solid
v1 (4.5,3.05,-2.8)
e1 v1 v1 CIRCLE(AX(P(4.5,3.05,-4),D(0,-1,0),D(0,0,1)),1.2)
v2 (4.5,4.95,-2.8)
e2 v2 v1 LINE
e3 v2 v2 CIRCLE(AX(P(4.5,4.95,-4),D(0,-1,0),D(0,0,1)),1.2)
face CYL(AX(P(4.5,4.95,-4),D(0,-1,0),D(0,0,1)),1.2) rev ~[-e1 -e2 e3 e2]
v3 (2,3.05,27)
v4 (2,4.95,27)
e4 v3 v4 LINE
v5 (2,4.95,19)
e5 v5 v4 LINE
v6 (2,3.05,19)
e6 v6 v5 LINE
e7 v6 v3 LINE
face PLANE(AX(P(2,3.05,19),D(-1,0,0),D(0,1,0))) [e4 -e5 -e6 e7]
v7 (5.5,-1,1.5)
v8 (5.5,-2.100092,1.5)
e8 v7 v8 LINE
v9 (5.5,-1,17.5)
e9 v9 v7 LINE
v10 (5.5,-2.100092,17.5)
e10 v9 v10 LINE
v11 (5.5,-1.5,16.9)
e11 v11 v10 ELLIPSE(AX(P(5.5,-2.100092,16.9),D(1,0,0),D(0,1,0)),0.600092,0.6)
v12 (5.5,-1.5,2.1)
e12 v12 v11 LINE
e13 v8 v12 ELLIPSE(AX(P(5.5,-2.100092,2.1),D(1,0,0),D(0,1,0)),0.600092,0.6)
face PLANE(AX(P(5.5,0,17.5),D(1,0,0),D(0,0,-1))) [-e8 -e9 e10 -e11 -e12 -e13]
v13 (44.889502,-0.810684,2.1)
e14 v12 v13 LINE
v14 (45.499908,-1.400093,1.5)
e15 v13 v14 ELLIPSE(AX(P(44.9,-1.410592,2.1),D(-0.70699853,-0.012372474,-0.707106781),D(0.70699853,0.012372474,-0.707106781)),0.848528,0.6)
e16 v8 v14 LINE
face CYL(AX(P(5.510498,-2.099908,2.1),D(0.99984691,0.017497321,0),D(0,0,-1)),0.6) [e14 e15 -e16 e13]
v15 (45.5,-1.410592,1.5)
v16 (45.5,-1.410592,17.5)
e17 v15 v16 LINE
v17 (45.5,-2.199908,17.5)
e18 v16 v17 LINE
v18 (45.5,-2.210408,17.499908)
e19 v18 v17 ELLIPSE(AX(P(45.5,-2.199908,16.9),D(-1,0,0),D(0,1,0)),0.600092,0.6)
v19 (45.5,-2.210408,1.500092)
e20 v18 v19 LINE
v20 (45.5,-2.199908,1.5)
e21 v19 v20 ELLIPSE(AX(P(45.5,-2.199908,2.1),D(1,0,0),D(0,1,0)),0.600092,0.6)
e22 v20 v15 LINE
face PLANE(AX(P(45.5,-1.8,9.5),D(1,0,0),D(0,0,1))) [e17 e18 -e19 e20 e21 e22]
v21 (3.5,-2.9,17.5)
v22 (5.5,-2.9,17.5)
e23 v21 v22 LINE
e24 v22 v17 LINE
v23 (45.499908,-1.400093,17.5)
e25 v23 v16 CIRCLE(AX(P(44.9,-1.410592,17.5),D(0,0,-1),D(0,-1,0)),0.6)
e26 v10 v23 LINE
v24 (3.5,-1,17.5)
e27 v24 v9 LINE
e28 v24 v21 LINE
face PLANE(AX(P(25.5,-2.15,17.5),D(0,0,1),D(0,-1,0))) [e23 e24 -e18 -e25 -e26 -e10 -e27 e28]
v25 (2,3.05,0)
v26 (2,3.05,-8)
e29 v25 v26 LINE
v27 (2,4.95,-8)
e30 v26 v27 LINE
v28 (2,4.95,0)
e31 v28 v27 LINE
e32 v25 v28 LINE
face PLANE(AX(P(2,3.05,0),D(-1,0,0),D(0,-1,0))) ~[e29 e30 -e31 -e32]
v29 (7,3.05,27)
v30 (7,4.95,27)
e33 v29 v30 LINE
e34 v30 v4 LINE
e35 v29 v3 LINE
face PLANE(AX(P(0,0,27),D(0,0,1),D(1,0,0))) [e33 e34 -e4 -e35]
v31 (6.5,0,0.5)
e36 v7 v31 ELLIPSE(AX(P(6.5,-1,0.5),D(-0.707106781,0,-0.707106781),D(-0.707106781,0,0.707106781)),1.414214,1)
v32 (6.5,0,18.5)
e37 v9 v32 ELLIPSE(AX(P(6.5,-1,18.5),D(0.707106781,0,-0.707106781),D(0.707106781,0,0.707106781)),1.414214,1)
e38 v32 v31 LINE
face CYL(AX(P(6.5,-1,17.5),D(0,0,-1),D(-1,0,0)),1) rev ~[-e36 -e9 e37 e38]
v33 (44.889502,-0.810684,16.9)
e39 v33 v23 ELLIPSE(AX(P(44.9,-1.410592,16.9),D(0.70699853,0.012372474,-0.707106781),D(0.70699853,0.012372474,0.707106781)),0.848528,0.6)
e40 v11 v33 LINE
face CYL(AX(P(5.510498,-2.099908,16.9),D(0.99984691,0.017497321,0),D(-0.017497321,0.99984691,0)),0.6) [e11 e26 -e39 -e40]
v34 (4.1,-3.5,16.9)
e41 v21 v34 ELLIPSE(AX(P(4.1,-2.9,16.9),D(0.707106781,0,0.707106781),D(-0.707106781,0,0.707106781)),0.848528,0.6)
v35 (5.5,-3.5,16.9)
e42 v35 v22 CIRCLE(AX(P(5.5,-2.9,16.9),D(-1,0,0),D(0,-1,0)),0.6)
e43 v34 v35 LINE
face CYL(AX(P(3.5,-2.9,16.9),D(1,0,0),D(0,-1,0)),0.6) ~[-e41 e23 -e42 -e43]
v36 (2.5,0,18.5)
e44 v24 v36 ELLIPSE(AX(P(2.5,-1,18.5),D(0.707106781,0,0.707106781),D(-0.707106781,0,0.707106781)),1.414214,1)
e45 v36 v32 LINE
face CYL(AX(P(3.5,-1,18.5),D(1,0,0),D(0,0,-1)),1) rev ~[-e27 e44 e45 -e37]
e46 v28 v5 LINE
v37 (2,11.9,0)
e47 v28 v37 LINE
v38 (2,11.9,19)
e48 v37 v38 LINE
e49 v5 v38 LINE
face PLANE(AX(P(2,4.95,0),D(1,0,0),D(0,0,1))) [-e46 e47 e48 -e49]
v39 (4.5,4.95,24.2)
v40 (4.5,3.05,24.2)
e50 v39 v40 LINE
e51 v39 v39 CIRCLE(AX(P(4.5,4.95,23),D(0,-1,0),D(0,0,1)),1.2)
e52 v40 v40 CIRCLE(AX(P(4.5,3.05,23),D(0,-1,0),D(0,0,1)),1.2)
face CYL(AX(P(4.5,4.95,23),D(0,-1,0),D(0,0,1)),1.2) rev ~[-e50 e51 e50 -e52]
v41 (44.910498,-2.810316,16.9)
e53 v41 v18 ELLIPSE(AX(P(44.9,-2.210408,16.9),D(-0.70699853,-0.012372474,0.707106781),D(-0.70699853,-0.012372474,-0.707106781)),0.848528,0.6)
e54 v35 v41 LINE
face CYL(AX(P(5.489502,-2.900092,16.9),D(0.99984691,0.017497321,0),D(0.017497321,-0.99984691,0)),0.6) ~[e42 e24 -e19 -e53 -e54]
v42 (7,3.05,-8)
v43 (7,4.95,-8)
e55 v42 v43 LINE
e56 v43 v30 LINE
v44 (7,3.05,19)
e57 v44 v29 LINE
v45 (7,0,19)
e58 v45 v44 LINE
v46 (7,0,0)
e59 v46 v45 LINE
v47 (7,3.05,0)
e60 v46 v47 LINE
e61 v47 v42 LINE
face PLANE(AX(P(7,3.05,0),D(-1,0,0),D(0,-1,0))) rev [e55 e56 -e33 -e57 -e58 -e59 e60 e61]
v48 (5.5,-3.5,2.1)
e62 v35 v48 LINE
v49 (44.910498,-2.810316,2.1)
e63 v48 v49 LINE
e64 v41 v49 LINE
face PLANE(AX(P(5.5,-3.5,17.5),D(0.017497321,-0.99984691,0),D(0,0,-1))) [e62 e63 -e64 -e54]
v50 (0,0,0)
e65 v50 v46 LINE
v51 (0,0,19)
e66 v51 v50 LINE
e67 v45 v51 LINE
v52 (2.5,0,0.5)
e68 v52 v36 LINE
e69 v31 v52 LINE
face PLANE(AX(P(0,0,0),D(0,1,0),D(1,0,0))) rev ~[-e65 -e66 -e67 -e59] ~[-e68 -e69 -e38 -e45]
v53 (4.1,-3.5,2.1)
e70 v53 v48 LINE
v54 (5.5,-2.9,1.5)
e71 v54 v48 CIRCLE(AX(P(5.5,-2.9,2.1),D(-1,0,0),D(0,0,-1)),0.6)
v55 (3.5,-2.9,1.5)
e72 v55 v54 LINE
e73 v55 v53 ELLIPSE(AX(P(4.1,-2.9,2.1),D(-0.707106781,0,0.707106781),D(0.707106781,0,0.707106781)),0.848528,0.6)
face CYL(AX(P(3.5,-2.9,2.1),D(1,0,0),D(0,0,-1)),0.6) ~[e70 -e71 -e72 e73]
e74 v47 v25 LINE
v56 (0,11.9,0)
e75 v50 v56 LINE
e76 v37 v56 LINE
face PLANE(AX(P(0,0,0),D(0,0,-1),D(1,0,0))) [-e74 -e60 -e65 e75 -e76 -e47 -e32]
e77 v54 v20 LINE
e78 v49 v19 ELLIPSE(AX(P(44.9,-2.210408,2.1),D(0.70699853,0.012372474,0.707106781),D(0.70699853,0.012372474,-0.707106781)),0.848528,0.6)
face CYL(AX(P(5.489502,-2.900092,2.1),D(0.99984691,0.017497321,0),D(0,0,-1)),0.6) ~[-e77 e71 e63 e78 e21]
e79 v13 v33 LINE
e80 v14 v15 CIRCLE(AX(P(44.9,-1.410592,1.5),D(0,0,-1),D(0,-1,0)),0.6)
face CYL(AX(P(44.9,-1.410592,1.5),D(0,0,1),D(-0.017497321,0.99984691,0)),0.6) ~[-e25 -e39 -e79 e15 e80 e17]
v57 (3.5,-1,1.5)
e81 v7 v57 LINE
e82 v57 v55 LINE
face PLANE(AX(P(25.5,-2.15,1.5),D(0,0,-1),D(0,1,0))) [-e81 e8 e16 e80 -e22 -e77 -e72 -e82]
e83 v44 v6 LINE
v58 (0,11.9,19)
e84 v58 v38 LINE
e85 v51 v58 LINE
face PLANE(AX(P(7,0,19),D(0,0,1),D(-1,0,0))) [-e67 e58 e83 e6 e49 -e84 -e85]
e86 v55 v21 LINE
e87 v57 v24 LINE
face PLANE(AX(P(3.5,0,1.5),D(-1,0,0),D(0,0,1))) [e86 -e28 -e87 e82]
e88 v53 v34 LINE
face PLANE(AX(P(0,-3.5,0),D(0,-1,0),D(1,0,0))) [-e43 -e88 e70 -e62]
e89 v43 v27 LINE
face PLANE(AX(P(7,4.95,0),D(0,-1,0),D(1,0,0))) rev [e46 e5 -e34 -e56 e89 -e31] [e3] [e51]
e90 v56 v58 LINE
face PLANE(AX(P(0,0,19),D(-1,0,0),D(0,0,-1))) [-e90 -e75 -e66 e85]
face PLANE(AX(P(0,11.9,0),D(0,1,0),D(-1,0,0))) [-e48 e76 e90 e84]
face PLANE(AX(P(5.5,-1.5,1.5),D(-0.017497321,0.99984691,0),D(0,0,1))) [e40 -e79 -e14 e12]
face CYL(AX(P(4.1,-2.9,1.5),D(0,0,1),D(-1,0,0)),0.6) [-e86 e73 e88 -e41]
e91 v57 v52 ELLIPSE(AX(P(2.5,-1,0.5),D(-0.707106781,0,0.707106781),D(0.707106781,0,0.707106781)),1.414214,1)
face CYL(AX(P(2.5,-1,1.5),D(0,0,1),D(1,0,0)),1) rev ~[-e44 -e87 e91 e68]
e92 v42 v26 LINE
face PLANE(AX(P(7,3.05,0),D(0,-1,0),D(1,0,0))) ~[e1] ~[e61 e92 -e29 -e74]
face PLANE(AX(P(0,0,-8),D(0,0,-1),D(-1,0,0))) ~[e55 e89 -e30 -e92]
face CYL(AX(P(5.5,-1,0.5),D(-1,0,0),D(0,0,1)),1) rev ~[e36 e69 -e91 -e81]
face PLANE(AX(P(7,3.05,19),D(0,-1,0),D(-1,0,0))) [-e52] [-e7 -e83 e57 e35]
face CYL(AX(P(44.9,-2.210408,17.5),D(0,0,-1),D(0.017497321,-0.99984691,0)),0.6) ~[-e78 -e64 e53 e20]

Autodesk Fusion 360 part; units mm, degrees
sketch "Sketch1" plane through (0, 0, 0) normal (0, 1, 0) x (1, 0, 0)
  line L0 (0, 0) -> (7, 0)
  line L1 (7, 0) -> (7, -19)
  line L2 (7, -19) -> (0, -19)
  line L3 (0, -19) -> (0, 0)
  dimension "d1" = 7
  dimension "d2" = 19
extrude "Extrude1" add sketch "Sketch1" along normal blind 4.95
sketch "Sketch3" plane through (0, 4.95, 0) normal (0, 1, 0) x (-1, 0, 0)
  line L0 (0, 19) -> (-7, 19)
  line L1 (-7, 19) -> (-7, 0)
  line L2 (-7, 0) -> (0, 0)
  line L3 (0, 0) -> (0, 19)
  line L4 (0, 0) -> (-2, 0)
  line L5 (-2, 0) -> (-2, 19)
  line L6 (-2, 19) -> (0, 19)
  line L7 (0, 19) -> (0, 0)
  dimension "d8" = 2
extrude "Extrude3" add sketch "Sketch3" along normal blind 6.95 contours L0 L2 L3 L4 L5 L6 L7
ref_plane "WorkPlane1" through (3.5, 5.95, 9.5) normal (0, 0, 1) x (1, 0, 0)
sketch "Sketch4" plane through (0, 0, 19) normal (0, 0, 1) x (1, 0, 0)
  line L0 (0, 0) -> (7, 0)
  line L1 (7, 0) -> (7, 4.95)
  line L2 (7, 4.95) -> (2, 4.95)
  line L3 (2, 4.95) -> (2, 11.9)
  line L4 (2, 11.9) -> (0, 11.9)
  line L5 (0, 11.9) -> (0, 0)
  line L6 (2, 4.95) -> (7, 4.95)
  line L7 (7, 4.95) -> (7, 3.05)
  line L8 (7, 3.05) -> (2, 3.05)
  line L9 (2, 3.05) -> (2, 4.95)
  dimension "d21" = 3.05
extrude "Extrude4" add sketch "Sketch4" along normal blind 8 contours L1 L2 L6 L7 L8 L9
mirror "Mirror1" about plane through (3.5, 5.95, 9.5) normal (0, 0, 1) of "Extrude4"
sketch "Sketch5" plane through (0, 4.95, 0) normal (0, 1, 0) x (-1, 0, 0)
  line L0 (-7, 27) -> (-7, -8)
  line L1 (-7, -8) -> (-2, -8)
  line L2 (-2, -8) -> (-2, 0)
  line L3 (-2, 0) -> (-2, 19)
  line L4 (-2, 19) -> (-2, 27)
  line L5 (-2, 27) -> (-7, 27)
  line L6 (0, 19) -> (-2, 19)
  line L7 (0.7, 9.5) -> (-7.7, 9.5)
  point P0 (-4.5, 23)
  point P1 (-4.5, -4)
  dimension "d14" = 2.5
  dimension "d15" = 2.5
  dimension "d16" = 4
  dimension "d17" = 5
hole "Hole1" at (4.5, 4.95, -4) at (4.5, 4.95, 23) direction (0, -1, 0) diameter 2.4 depth 2 tip angle 118
sketch "Sketch6" plane through (0, 0, 0) normal (0, -1, 0) x (1, 0, 0)
  line L0 (0, 0) -> (7, 0)
  line L1 (7, 0) -> (7, 19)
  line L2 (7, 19) -> (0, 19)
  line L3 (0, 19) -> (0, 0)
  line L4 (3.5, 17.5) -> (5.5, 17.5)
  line L5 (5.5, 17.5) -> (5.5, 1.5)
  line L6 (5.5, 1.5) -> (3.5, 1.5)
  line L7 (3.5, 1.5) -> (3.5, 17.5)
  dimension "d22" = 2
  dimension "d23" = 1.5
  dimension "d24" = 1.5
  dimension "d25" = 1.5
extrude "Extrude5" add sketch "Sketch6" along normal blind 3.5 contours L4 L5 L6 L7
sketch "Sketch7" plane through (5.5, 0, 0) normal (1, 0, 0) x (0, 0, -1)
  line L0 (-1.5, 0) -> (-17.5, 0)
  line L1 (-17.5, 0) -> (-17.5, -3.5)
  line L2 (-17.5, -3.5) -> (-1.5, -3.5)
  line L3 (-1.5, -3.5) -> (-1.5, 0)
  line L4 (-17.5, -3.5) -> (-1.5, -3.5)
  line L5 (-1.5, -3.5) -> (-1.5, -1.5)
  line L6 (-1.5, -1.5) -> (-17.5, -1.5)
  line L7 (-17.5, -1.5) -> (-17.5, -3.5)
  dimension "d28" = 2
sketch "Sketch8" plane through (0, 0, 0) normal (0, 0, 1) x (1, 0, 0)
  line L0 (5.5, -3.6158) -> (45.5, -2.9158)
  line L1 (5.5, -3.5) -> (5.5, -1.5)
  dimension "d29" = 0.7
  dimension "d30" = 40
sweep "Sweep1" add profiles "Sketch7" path "Sketch8" along L0 section 1 contours L1 L2 L3 L4 L5 L6 L7
fillet "Fillet1" radius 1 3 edges at (3.5, 0, 9.5) (4.5, 0, 1.5) (4.5, 0, 17.5)
fillet "Fillet1" radius 1 1 edges at (5.5, 0, 9.5)
fillet "Fillet2" radius 0.6 9 edges at (3.5, -3.5, 9.5) (25.5, -3.15, 1.5) (4.5, -3.5, 1.5) (4.5, -3.5, 17.5) (25.5, -3.15, 17.5) (45.5, -2.8, 9.5) (25.5, -1.15, 1.5) (25.5, -1.15, 17.5) (45.5, -0.8, 9.5)
